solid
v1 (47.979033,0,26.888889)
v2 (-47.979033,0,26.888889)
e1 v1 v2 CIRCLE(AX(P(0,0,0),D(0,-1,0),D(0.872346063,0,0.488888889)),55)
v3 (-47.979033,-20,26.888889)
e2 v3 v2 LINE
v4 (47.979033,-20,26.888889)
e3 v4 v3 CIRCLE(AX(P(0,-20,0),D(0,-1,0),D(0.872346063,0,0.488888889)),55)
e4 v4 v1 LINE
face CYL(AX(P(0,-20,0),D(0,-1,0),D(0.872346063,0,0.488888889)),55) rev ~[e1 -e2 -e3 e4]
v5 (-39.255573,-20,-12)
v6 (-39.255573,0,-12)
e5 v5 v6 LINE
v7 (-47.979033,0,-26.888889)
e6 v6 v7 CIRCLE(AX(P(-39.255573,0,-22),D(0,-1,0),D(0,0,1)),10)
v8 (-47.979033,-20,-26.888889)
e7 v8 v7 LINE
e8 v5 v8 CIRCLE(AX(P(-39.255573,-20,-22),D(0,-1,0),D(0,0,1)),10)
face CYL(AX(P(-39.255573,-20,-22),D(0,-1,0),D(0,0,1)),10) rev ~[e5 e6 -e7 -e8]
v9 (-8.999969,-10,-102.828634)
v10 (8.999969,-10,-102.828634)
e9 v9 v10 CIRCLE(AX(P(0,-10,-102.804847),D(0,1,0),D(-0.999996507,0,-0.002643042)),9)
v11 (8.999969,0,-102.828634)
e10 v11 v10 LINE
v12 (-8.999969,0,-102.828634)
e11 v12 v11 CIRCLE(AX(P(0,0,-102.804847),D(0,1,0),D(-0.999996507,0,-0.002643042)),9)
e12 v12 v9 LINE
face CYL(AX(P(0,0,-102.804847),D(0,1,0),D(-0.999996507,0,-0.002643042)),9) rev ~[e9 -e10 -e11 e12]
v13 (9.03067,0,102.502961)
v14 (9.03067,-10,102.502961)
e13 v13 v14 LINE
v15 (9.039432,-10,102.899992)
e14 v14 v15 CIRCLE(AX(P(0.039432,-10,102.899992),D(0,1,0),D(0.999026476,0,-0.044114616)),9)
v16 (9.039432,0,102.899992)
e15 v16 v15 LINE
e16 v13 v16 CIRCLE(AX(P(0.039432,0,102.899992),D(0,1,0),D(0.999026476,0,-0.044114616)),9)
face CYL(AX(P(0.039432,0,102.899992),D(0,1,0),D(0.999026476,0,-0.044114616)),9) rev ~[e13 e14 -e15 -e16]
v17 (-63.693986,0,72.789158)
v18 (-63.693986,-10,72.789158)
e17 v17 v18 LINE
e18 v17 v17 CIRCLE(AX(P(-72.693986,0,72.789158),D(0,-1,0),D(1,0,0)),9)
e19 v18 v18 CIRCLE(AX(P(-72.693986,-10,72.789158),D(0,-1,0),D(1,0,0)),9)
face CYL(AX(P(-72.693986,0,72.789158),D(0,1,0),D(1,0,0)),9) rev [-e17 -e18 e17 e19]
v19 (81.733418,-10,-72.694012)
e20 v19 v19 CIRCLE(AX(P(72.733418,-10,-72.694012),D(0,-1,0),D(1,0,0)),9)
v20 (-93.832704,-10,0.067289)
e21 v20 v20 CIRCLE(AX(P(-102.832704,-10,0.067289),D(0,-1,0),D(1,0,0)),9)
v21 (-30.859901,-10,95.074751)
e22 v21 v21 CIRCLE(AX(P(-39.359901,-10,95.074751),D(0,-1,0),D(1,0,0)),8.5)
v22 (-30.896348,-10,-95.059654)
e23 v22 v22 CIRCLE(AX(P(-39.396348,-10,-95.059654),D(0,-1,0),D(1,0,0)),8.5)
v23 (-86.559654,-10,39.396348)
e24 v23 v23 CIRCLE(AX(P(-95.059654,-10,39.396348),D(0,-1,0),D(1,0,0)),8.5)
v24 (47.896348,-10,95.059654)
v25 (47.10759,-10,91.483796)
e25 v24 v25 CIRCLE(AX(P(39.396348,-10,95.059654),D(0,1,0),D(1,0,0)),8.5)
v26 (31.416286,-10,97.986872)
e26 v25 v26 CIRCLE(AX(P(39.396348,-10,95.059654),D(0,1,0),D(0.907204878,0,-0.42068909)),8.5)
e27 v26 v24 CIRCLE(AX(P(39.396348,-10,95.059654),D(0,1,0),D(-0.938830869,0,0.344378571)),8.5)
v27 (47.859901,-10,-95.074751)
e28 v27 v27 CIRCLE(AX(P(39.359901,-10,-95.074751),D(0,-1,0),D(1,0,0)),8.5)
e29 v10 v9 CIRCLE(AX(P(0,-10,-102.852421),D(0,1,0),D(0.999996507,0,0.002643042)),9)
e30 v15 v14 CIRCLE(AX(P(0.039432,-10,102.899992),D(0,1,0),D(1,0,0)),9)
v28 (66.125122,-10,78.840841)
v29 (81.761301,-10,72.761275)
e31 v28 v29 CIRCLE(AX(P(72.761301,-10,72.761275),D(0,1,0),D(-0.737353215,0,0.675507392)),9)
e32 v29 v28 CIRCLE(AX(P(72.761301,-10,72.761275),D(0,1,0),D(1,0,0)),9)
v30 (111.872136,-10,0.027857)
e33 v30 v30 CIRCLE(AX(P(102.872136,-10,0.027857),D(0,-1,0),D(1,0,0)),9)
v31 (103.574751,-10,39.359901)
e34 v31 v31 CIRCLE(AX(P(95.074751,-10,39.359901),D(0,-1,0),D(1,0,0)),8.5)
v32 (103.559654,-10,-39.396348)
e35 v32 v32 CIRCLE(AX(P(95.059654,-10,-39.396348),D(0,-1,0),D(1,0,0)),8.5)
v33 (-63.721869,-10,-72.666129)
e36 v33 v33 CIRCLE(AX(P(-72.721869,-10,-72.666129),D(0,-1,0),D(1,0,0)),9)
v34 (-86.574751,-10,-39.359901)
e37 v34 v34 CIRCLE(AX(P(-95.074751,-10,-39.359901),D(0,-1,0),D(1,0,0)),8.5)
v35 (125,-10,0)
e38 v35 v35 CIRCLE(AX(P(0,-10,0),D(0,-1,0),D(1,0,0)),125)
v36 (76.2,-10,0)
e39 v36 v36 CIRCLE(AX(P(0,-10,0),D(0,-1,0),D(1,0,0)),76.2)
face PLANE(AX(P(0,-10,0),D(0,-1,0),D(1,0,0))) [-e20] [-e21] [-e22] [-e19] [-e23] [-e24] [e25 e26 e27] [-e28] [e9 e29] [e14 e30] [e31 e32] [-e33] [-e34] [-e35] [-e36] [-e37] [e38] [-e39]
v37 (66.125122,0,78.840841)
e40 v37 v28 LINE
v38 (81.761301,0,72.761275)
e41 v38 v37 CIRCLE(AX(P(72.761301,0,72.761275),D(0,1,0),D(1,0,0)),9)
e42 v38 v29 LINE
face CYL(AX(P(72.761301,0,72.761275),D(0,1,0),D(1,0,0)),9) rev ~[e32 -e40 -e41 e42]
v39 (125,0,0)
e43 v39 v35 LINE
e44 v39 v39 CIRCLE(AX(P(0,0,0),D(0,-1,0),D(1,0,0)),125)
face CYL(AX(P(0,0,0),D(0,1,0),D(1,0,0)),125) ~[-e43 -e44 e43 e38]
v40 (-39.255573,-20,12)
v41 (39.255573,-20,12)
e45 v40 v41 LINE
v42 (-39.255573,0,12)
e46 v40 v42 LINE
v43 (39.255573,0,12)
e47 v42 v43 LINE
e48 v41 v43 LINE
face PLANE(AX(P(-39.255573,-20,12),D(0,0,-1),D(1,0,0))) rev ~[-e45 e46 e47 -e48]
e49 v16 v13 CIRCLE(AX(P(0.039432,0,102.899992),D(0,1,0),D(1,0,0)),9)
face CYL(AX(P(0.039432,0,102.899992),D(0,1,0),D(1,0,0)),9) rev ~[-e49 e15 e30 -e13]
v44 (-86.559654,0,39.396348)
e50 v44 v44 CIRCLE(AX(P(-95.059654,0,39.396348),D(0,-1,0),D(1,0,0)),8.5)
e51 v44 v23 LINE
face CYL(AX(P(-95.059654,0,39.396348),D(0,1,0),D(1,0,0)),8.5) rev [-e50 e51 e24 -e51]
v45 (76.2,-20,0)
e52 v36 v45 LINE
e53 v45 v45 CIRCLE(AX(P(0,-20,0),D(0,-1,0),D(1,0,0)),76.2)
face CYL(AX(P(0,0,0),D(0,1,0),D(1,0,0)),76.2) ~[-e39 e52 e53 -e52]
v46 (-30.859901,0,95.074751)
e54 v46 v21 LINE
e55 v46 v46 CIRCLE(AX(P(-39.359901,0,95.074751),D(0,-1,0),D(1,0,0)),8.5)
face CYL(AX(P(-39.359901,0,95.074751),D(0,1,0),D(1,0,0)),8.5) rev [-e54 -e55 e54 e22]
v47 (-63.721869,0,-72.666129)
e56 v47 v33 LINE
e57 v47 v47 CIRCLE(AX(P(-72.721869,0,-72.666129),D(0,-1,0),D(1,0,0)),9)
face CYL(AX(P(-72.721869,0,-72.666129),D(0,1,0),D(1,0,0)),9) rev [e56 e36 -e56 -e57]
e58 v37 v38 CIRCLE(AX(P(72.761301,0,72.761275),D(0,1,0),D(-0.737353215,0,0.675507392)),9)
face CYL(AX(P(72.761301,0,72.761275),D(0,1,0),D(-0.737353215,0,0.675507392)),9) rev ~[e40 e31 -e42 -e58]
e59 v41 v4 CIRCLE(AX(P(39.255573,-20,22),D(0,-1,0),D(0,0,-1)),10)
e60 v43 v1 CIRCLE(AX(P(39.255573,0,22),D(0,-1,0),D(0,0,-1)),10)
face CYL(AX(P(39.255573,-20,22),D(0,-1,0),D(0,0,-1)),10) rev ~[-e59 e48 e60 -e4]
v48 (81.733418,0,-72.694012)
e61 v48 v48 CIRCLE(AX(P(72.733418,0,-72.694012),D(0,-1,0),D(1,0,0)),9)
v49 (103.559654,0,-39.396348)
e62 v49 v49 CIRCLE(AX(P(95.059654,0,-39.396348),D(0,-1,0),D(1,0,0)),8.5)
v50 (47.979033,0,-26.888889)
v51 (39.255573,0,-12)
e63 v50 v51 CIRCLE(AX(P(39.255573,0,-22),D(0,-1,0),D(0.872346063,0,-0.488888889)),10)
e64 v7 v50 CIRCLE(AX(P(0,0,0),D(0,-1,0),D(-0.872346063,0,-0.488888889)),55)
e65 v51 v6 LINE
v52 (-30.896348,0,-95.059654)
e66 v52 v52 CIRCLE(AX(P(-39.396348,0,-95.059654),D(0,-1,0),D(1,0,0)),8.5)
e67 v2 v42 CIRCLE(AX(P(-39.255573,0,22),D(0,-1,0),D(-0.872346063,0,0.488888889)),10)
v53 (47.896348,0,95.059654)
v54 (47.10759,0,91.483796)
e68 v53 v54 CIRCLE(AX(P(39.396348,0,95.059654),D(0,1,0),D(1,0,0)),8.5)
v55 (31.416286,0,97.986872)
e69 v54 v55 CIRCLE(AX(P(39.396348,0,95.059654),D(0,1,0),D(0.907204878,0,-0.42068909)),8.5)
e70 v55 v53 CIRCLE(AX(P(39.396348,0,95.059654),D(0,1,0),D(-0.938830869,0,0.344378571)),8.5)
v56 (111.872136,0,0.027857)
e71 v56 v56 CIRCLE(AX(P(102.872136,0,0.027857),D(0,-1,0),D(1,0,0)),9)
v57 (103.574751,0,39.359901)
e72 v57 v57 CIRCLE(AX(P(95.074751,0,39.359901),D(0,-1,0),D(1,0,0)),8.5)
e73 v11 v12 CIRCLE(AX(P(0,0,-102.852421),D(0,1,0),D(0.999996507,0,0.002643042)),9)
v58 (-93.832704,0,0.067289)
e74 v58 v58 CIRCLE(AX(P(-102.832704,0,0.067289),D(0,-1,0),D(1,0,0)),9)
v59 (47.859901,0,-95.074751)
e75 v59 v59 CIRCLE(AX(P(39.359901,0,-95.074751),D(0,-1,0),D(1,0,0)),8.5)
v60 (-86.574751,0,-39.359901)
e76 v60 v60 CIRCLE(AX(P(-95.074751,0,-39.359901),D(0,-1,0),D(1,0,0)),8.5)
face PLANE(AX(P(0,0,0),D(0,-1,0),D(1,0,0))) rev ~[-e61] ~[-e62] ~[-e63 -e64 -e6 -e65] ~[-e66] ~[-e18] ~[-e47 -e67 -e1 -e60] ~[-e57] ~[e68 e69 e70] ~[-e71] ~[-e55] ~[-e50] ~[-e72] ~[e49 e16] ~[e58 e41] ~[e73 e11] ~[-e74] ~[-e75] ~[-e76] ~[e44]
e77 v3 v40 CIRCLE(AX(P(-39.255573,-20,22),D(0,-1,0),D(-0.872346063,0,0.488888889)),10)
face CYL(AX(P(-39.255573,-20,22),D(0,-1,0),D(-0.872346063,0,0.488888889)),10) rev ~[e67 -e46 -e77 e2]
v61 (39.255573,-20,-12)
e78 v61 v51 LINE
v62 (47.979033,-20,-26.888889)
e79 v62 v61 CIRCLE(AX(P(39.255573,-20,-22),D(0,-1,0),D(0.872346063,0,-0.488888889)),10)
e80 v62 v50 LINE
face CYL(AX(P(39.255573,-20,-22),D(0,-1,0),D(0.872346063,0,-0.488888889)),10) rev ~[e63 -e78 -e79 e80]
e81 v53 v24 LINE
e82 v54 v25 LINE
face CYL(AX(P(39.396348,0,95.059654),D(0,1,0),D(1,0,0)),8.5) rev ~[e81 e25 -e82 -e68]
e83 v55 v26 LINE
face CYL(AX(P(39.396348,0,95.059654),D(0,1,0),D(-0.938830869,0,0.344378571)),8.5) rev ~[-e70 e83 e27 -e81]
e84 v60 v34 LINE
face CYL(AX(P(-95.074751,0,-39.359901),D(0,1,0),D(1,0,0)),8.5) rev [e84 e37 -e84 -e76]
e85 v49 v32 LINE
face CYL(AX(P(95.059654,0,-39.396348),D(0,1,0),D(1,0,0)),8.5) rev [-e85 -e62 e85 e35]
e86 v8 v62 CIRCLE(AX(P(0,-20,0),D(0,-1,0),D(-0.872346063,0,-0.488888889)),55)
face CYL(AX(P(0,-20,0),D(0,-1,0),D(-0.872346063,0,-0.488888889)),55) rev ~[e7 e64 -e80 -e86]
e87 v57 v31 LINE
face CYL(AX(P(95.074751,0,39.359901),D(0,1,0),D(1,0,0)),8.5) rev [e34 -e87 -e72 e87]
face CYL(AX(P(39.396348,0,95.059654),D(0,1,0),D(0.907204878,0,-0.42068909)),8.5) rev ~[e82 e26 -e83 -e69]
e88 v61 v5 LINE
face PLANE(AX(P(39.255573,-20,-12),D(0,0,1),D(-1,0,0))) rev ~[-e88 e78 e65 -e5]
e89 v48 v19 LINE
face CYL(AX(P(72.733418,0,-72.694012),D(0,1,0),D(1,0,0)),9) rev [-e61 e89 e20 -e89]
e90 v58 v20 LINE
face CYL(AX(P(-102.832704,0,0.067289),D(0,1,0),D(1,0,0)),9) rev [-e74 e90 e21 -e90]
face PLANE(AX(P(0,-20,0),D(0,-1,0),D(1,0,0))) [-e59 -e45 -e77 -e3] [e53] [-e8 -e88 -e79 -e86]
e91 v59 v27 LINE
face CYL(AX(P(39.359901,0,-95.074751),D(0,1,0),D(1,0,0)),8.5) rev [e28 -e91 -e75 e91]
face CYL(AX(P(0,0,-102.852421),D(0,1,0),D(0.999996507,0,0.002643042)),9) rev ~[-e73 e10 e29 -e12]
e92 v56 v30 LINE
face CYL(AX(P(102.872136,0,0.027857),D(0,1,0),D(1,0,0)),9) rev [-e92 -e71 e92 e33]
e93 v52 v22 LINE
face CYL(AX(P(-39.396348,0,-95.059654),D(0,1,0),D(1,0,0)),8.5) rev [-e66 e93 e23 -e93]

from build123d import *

# Parameters (mm, degrees)
F0_R     = 125
F0_R_2   = 9
F0_R_3   = 8.5
F0_R_4   = 76.2
F1_DEPTH = 10
F2_R     = 76.2
F3_DEPTH = 20
F5_DEPTH = 25


with BuildPart() as f1:
    # F0 (on Front) → F1 (new body)
    with BuildSketch(Plane.XZ):
        Circle(F0_R)
        with Locations((-72.7218686646, -72.6661291665)):
            Circle(F0_R_2, mode=Mode.SUBTRACT)
        with Locations((-39.3963481099, -95.0596536687)):
            Circle(F0_R_3, mode=Mode.SUBTRACT)
        with Locations((-95.0747506288, -39.3599008239)):
            Circle(F0_R_3, mode=Mode.SUBTRACT)
        with Locations((0, -102.8524214745)):
            Circle(F0_R_2, mode=Mode.SUBTRACT)
        with Locations((0, -102.8048467248)):
            Circle(F0_R_2, mode=Mode.SUBTRACT)
        with Locations((39.3599008239, -95.0747506288)):
            Circle(F0_R_3, mode=Mode.SUBTRACT)
        with Locations((72.733418035, -72.6940118133)):
            Circle(F0_R_2, mode=Mode.SUBTRACT)
        with Locations((95.0596536687, -39.3963481099)):
            Circle(F0_R_3, mode=Mode.SUBTRACT)
        with Locations((-102.8327035761, 0.0672888685)):
            Circle(F0_R_2, mode=Mode.SUBTRACT)
        with Locations((-95.0596536687, 39.3963481099)):
            Circle(F0_R_3, mode=Mode.SUBTRACT)
        with Locations((-72.6939860178, 72.7891575331)):
            Circle(F0_R_2, mode=Mode.SUBTRACT)
        with Locations((-39.3599008239, 95.0747506288)):
            Circle(F0_R_3, mode=Mode.SUBTRACT)
        Circle(F0_R_4, mode=Mode.SUBTRACT)
        with Locations((102.8721355934, 0.0278568513)):
            Circle(F0_R_2, mode=Mode.SUBTRACT)
        with Locations((95.0747506288, 39.3599008239)):
            Circle(F0_R_3, mode=Mode.SUBTRACT)
        with BuildLine():
            ThreePointArc((9.0394320172, 102.8999924447), (9.0372413226, 102.7014283411), (9.0306703054, 102.5029609028))
            ThreePointArc((9.0306703054, 102.5029609028), (-8.9583772882, 103.0985565482), (9.0394320172, 102.8999924447))
        make_face(mode=Mode.SUBTRACT)
        with BuildLine():
            ThreePointArc((47.8963481099, 95.0596536687), (47.6968165425, 93.2287457523), (47.1075895691, 91.4837964067))
            ThreePointArc((47.1075895691, 91.4837964067), (36.1420336402, 87.2073013248), (31.4162857275, 97.9868715241))
            ThreePointArc((31.4162857275, 97.9868715241), (40.8828658107, 103.4286598895), (47.8963481099, 95.0596536687))
        make_face(mode=Mode.SUBTRACT)
        with BuildLine():
            ThreePointArc((66.1251217448, 78.84084141), (76.0227719424, 81.1495288892), (81.7613006818, 72.7612748864))
            ThreePointArc((81.7613006818, 72.7612748864), (69.4998294213, 64.3730208835), (66.1251217448, 78.84084141))
        make_face(mode=Mode.SUBTRACT)
    extrude(amount=F1_DEPTH)

    # F2 (on Front) → F3 (join)
    with BuildSketch(Plane.XZ):
        Circle(F2_R)
    extrude(amount=F3_DEPTH)

    # F4 (on face) → F5 (cut)
    with BuildSketch(Plane.XZ.offset(20)):
        with BuildLine():
            ThreePointArc((-47.9790334867, 26.8888888889), (-47.8836922565, 16.944749704), (-39.2555728528, 12))
            Line((-39.2555728528, 12), (39.2555728528, 12))
            ThreePointArc((39.2555728528, 12), (47.8836922565, 16.944749704), (47.9790334867, 26.8888888889))
            ThreePointArc((47.9790334867, 26.8888888889), (0, 55), (-47.9790334867, 26.8888888889))
        make_face()
        with BuildLine():
            ThreePointArc((-39.2555728528, -12), (-47.8836922565, -16.944749704), (-47.9790334867, -26.8888888889))
            ThreePointArc((-47.9790334867, -26.8888888889), (0, -55), (47.9790334867, -26.8888888889))
            ThreePointArc((47.9790334867, -26.8888888889), (47.8836922565, -16.944749704), (39.2555728528, -12))
            Line((39.2555728528, -12), (-39.2555728528, -12))
        make_face()
    extrude(amount=-F5_DEPTH, mode=Mode.SUBTRACT)


solid = f1.part
